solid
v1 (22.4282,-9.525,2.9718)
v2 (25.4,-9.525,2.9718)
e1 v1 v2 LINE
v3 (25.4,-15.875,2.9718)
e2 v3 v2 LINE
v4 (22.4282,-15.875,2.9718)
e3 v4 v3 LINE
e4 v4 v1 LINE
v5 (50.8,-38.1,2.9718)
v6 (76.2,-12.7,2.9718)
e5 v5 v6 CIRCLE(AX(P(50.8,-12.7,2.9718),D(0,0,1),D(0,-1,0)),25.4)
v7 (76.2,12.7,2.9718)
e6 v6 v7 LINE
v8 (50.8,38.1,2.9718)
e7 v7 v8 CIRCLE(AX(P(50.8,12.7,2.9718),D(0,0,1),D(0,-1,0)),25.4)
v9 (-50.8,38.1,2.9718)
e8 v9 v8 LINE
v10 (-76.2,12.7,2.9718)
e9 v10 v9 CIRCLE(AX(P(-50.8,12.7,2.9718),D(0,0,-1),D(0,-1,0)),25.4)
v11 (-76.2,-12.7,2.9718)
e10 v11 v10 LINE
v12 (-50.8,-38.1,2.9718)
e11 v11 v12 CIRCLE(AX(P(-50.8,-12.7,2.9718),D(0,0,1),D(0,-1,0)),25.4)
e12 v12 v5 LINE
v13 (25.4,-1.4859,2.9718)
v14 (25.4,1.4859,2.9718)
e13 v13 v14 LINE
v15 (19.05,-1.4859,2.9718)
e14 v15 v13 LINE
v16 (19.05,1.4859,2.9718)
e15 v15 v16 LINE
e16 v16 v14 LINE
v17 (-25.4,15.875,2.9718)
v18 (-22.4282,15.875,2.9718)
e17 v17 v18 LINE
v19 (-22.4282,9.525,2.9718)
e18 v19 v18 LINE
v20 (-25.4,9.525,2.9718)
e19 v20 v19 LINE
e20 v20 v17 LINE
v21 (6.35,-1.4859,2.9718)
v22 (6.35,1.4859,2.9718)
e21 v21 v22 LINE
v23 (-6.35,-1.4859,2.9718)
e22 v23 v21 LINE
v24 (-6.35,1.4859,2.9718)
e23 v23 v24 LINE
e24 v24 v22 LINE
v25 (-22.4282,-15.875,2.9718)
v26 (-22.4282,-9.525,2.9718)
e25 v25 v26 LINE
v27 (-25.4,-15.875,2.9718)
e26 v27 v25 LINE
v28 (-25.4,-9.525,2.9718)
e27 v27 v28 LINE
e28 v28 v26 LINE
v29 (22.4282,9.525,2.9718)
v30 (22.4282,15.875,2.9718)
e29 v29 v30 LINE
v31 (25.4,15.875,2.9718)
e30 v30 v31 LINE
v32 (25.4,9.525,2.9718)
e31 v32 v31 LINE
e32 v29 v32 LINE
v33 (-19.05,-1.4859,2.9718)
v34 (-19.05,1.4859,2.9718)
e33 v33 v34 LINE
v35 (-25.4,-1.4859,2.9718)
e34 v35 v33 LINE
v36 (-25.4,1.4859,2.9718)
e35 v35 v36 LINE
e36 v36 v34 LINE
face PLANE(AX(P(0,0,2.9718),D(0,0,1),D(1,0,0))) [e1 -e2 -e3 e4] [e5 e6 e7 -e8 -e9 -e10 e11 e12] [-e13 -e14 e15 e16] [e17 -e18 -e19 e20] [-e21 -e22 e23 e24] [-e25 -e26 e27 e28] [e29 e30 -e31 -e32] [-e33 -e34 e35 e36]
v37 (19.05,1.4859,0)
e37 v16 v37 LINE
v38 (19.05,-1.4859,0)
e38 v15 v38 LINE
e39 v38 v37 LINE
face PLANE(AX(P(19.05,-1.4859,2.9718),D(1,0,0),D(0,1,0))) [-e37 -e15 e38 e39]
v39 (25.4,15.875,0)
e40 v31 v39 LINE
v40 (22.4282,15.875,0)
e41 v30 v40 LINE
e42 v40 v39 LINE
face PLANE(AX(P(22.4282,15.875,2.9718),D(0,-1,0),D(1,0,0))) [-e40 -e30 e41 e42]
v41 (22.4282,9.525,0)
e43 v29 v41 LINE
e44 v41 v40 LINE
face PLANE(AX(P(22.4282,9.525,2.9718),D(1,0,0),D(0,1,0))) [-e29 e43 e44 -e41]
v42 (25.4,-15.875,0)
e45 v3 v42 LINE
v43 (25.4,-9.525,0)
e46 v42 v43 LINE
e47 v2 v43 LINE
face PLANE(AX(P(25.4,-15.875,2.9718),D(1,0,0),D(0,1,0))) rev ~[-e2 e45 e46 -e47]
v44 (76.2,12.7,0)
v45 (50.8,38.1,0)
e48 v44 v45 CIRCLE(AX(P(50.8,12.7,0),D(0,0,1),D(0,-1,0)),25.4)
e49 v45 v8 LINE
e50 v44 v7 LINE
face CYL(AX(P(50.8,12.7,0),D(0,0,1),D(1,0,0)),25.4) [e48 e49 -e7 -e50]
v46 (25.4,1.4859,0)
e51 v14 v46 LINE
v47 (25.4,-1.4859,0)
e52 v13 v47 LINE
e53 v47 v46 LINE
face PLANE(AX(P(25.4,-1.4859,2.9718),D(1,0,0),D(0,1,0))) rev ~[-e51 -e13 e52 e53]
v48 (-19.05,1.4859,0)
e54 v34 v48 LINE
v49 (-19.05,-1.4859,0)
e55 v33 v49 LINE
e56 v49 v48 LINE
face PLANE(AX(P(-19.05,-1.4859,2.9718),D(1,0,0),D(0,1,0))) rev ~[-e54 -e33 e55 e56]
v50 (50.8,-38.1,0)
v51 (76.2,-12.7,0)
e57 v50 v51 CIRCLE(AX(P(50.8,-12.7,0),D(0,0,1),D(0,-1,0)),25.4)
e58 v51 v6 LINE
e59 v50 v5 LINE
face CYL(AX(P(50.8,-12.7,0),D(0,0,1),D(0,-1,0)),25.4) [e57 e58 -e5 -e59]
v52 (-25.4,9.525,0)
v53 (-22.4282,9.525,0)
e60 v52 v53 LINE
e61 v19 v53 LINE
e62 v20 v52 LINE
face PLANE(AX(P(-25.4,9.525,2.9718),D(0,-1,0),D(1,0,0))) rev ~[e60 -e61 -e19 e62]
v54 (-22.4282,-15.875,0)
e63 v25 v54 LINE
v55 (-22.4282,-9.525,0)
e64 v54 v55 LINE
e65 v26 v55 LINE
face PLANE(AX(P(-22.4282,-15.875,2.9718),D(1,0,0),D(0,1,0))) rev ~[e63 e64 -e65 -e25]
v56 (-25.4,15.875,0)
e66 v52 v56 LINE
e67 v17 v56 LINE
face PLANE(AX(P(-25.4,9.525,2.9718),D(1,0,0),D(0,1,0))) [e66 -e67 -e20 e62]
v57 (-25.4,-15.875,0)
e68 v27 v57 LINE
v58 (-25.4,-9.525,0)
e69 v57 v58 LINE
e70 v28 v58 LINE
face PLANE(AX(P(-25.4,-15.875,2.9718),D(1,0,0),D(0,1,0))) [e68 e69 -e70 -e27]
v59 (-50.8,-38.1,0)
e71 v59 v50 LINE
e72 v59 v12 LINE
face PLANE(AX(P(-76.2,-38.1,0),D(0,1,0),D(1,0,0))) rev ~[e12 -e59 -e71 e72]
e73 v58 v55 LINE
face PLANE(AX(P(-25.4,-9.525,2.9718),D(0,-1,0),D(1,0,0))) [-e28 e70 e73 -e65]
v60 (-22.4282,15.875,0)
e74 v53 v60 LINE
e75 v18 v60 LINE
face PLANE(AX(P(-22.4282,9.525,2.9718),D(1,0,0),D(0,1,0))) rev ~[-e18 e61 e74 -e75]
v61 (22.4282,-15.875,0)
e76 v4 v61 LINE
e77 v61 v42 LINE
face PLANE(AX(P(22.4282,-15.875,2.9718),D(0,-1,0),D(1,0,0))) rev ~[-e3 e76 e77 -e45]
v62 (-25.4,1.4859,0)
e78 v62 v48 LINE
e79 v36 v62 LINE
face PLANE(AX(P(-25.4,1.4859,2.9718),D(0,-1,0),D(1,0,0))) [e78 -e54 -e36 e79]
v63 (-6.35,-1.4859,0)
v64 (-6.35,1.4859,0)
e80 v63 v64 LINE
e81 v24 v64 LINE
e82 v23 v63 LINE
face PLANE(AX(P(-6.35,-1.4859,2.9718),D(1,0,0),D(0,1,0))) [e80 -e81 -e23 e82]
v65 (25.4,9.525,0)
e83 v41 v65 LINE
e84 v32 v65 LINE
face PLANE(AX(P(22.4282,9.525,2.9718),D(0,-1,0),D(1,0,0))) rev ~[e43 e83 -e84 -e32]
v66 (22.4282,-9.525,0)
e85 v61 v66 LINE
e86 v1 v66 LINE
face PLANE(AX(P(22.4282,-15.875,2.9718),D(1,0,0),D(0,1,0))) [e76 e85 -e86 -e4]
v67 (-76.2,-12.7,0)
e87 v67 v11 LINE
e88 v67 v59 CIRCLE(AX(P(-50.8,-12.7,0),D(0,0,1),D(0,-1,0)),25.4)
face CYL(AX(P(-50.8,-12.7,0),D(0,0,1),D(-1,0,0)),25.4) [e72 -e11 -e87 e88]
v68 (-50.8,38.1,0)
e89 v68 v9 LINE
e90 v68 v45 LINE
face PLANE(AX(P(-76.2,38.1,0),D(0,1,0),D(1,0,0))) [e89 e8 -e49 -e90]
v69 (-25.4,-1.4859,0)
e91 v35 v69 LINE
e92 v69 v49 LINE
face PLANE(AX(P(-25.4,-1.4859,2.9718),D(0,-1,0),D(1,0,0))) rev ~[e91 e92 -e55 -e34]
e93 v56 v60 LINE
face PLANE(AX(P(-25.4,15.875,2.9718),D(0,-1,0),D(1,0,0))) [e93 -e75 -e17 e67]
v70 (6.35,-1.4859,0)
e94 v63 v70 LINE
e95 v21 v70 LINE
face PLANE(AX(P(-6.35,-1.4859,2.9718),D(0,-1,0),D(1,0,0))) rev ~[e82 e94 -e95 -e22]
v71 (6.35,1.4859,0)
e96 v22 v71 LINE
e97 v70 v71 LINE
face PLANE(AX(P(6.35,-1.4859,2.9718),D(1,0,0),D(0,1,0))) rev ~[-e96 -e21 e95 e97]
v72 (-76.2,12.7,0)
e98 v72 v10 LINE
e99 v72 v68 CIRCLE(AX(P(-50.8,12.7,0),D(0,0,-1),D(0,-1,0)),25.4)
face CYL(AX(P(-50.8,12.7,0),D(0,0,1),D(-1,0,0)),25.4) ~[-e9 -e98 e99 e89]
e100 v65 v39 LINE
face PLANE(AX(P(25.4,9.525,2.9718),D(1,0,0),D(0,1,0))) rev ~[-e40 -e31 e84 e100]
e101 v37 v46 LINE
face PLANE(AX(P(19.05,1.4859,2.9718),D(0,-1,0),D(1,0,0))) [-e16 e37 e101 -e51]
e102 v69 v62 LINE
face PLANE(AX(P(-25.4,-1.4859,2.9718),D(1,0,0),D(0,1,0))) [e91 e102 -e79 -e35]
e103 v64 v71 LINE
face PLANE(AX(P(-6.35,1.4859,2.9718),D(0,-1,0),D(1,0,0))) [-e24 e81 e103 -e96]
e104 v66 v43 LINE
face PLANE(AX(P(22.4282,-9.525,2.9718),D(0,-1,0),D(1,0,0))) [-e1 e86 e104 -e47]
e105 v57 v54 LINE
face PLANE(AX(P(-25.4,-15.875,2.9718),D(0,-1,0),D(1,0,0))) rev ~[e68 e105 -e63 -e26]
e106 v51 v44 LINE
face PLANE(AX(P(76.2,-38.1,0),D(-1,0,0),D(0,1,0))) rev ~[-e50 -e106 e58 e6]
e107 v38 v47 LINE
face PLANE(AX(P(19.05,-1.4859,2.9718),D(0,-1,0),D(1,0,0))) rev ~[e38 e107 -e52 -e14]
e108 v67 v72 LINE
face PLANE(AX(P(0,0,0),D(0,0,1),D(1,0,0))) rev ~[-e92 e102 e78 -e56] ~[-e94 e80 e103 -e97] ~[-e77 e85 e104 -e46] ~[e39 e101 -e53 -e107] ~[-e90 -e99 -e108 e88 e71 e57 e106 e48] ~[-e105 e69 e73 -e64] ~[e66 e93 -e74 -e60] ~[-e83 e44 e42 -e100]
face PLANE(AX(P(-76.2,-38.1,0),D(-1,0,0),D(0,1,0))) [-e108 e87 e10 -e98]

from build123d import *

# Parameters (mm, degrees)
F0_W     = 152.4
F0_H     = 76.2
F1_DEPTH = 2.9718
F2_R     = 25.4
F3_W     = 12.7
F3_H     = 2.9718
F3_W_2   = 6.35
F4_DEPTH = 25.4
F5_W     = 2.9718
F5_H     = 6.35
F6_DEPTH = 25.4


with BuildPart() as f1:
    # F0 (on Top) → F1 (new body)
    with BuildSketch(Plane.XY):
        Rectangle(F0_W, F0_H)
    extrude(amount=F1_DEPTH)

    # F2
    f2_edges = [f1.edges().sort_by_distance(p)[0] for p in [
        (-76.2, -38.1, 1.4859),
        (76.2, -38.1, 1.4859),
        (76.2, 38.1, 1.4859),
        (-76.2, 38.1, 1.4859),
    ]]
    fillet(f2_edges, radius=F2_R)

    # F3 (on face) → F4 (cut)
    with BuildSketch(Plane.XY.offset(2.9718)):
        Rectangle(F3_W, F3_H)
        with Locations((22.225, 0)):
            Rectangle(F3_W_2, F3_H)
        with Locations((-22.225, 0)):
            Rectangle(F3_W_2, F3_H)
    extrude(amount=-F4_DEPTH, mode=Mode.SUBTRACT)

    # F5 (on face) → F6 (cut)
    with BuildSketch(Plane.XY.offset(2.9718)):
        with Locations((23.9141, 12.7)):
            Rectangle(F5_W, F5_H)
        with Locations((23.9141, -12.7)):
            Rectangle(F5_W, F5_H)
        with Locations((-23.9141, 12.7)):
            Rectangle(F5_W, F5_H)
        with Locations((-23.9141, -12.7)):
            Rectangle(F5_W, F5_H)
    extrude(amount=-F6_DEPTH, mode=Mode.SUBTRACT)


solid = f1.part
